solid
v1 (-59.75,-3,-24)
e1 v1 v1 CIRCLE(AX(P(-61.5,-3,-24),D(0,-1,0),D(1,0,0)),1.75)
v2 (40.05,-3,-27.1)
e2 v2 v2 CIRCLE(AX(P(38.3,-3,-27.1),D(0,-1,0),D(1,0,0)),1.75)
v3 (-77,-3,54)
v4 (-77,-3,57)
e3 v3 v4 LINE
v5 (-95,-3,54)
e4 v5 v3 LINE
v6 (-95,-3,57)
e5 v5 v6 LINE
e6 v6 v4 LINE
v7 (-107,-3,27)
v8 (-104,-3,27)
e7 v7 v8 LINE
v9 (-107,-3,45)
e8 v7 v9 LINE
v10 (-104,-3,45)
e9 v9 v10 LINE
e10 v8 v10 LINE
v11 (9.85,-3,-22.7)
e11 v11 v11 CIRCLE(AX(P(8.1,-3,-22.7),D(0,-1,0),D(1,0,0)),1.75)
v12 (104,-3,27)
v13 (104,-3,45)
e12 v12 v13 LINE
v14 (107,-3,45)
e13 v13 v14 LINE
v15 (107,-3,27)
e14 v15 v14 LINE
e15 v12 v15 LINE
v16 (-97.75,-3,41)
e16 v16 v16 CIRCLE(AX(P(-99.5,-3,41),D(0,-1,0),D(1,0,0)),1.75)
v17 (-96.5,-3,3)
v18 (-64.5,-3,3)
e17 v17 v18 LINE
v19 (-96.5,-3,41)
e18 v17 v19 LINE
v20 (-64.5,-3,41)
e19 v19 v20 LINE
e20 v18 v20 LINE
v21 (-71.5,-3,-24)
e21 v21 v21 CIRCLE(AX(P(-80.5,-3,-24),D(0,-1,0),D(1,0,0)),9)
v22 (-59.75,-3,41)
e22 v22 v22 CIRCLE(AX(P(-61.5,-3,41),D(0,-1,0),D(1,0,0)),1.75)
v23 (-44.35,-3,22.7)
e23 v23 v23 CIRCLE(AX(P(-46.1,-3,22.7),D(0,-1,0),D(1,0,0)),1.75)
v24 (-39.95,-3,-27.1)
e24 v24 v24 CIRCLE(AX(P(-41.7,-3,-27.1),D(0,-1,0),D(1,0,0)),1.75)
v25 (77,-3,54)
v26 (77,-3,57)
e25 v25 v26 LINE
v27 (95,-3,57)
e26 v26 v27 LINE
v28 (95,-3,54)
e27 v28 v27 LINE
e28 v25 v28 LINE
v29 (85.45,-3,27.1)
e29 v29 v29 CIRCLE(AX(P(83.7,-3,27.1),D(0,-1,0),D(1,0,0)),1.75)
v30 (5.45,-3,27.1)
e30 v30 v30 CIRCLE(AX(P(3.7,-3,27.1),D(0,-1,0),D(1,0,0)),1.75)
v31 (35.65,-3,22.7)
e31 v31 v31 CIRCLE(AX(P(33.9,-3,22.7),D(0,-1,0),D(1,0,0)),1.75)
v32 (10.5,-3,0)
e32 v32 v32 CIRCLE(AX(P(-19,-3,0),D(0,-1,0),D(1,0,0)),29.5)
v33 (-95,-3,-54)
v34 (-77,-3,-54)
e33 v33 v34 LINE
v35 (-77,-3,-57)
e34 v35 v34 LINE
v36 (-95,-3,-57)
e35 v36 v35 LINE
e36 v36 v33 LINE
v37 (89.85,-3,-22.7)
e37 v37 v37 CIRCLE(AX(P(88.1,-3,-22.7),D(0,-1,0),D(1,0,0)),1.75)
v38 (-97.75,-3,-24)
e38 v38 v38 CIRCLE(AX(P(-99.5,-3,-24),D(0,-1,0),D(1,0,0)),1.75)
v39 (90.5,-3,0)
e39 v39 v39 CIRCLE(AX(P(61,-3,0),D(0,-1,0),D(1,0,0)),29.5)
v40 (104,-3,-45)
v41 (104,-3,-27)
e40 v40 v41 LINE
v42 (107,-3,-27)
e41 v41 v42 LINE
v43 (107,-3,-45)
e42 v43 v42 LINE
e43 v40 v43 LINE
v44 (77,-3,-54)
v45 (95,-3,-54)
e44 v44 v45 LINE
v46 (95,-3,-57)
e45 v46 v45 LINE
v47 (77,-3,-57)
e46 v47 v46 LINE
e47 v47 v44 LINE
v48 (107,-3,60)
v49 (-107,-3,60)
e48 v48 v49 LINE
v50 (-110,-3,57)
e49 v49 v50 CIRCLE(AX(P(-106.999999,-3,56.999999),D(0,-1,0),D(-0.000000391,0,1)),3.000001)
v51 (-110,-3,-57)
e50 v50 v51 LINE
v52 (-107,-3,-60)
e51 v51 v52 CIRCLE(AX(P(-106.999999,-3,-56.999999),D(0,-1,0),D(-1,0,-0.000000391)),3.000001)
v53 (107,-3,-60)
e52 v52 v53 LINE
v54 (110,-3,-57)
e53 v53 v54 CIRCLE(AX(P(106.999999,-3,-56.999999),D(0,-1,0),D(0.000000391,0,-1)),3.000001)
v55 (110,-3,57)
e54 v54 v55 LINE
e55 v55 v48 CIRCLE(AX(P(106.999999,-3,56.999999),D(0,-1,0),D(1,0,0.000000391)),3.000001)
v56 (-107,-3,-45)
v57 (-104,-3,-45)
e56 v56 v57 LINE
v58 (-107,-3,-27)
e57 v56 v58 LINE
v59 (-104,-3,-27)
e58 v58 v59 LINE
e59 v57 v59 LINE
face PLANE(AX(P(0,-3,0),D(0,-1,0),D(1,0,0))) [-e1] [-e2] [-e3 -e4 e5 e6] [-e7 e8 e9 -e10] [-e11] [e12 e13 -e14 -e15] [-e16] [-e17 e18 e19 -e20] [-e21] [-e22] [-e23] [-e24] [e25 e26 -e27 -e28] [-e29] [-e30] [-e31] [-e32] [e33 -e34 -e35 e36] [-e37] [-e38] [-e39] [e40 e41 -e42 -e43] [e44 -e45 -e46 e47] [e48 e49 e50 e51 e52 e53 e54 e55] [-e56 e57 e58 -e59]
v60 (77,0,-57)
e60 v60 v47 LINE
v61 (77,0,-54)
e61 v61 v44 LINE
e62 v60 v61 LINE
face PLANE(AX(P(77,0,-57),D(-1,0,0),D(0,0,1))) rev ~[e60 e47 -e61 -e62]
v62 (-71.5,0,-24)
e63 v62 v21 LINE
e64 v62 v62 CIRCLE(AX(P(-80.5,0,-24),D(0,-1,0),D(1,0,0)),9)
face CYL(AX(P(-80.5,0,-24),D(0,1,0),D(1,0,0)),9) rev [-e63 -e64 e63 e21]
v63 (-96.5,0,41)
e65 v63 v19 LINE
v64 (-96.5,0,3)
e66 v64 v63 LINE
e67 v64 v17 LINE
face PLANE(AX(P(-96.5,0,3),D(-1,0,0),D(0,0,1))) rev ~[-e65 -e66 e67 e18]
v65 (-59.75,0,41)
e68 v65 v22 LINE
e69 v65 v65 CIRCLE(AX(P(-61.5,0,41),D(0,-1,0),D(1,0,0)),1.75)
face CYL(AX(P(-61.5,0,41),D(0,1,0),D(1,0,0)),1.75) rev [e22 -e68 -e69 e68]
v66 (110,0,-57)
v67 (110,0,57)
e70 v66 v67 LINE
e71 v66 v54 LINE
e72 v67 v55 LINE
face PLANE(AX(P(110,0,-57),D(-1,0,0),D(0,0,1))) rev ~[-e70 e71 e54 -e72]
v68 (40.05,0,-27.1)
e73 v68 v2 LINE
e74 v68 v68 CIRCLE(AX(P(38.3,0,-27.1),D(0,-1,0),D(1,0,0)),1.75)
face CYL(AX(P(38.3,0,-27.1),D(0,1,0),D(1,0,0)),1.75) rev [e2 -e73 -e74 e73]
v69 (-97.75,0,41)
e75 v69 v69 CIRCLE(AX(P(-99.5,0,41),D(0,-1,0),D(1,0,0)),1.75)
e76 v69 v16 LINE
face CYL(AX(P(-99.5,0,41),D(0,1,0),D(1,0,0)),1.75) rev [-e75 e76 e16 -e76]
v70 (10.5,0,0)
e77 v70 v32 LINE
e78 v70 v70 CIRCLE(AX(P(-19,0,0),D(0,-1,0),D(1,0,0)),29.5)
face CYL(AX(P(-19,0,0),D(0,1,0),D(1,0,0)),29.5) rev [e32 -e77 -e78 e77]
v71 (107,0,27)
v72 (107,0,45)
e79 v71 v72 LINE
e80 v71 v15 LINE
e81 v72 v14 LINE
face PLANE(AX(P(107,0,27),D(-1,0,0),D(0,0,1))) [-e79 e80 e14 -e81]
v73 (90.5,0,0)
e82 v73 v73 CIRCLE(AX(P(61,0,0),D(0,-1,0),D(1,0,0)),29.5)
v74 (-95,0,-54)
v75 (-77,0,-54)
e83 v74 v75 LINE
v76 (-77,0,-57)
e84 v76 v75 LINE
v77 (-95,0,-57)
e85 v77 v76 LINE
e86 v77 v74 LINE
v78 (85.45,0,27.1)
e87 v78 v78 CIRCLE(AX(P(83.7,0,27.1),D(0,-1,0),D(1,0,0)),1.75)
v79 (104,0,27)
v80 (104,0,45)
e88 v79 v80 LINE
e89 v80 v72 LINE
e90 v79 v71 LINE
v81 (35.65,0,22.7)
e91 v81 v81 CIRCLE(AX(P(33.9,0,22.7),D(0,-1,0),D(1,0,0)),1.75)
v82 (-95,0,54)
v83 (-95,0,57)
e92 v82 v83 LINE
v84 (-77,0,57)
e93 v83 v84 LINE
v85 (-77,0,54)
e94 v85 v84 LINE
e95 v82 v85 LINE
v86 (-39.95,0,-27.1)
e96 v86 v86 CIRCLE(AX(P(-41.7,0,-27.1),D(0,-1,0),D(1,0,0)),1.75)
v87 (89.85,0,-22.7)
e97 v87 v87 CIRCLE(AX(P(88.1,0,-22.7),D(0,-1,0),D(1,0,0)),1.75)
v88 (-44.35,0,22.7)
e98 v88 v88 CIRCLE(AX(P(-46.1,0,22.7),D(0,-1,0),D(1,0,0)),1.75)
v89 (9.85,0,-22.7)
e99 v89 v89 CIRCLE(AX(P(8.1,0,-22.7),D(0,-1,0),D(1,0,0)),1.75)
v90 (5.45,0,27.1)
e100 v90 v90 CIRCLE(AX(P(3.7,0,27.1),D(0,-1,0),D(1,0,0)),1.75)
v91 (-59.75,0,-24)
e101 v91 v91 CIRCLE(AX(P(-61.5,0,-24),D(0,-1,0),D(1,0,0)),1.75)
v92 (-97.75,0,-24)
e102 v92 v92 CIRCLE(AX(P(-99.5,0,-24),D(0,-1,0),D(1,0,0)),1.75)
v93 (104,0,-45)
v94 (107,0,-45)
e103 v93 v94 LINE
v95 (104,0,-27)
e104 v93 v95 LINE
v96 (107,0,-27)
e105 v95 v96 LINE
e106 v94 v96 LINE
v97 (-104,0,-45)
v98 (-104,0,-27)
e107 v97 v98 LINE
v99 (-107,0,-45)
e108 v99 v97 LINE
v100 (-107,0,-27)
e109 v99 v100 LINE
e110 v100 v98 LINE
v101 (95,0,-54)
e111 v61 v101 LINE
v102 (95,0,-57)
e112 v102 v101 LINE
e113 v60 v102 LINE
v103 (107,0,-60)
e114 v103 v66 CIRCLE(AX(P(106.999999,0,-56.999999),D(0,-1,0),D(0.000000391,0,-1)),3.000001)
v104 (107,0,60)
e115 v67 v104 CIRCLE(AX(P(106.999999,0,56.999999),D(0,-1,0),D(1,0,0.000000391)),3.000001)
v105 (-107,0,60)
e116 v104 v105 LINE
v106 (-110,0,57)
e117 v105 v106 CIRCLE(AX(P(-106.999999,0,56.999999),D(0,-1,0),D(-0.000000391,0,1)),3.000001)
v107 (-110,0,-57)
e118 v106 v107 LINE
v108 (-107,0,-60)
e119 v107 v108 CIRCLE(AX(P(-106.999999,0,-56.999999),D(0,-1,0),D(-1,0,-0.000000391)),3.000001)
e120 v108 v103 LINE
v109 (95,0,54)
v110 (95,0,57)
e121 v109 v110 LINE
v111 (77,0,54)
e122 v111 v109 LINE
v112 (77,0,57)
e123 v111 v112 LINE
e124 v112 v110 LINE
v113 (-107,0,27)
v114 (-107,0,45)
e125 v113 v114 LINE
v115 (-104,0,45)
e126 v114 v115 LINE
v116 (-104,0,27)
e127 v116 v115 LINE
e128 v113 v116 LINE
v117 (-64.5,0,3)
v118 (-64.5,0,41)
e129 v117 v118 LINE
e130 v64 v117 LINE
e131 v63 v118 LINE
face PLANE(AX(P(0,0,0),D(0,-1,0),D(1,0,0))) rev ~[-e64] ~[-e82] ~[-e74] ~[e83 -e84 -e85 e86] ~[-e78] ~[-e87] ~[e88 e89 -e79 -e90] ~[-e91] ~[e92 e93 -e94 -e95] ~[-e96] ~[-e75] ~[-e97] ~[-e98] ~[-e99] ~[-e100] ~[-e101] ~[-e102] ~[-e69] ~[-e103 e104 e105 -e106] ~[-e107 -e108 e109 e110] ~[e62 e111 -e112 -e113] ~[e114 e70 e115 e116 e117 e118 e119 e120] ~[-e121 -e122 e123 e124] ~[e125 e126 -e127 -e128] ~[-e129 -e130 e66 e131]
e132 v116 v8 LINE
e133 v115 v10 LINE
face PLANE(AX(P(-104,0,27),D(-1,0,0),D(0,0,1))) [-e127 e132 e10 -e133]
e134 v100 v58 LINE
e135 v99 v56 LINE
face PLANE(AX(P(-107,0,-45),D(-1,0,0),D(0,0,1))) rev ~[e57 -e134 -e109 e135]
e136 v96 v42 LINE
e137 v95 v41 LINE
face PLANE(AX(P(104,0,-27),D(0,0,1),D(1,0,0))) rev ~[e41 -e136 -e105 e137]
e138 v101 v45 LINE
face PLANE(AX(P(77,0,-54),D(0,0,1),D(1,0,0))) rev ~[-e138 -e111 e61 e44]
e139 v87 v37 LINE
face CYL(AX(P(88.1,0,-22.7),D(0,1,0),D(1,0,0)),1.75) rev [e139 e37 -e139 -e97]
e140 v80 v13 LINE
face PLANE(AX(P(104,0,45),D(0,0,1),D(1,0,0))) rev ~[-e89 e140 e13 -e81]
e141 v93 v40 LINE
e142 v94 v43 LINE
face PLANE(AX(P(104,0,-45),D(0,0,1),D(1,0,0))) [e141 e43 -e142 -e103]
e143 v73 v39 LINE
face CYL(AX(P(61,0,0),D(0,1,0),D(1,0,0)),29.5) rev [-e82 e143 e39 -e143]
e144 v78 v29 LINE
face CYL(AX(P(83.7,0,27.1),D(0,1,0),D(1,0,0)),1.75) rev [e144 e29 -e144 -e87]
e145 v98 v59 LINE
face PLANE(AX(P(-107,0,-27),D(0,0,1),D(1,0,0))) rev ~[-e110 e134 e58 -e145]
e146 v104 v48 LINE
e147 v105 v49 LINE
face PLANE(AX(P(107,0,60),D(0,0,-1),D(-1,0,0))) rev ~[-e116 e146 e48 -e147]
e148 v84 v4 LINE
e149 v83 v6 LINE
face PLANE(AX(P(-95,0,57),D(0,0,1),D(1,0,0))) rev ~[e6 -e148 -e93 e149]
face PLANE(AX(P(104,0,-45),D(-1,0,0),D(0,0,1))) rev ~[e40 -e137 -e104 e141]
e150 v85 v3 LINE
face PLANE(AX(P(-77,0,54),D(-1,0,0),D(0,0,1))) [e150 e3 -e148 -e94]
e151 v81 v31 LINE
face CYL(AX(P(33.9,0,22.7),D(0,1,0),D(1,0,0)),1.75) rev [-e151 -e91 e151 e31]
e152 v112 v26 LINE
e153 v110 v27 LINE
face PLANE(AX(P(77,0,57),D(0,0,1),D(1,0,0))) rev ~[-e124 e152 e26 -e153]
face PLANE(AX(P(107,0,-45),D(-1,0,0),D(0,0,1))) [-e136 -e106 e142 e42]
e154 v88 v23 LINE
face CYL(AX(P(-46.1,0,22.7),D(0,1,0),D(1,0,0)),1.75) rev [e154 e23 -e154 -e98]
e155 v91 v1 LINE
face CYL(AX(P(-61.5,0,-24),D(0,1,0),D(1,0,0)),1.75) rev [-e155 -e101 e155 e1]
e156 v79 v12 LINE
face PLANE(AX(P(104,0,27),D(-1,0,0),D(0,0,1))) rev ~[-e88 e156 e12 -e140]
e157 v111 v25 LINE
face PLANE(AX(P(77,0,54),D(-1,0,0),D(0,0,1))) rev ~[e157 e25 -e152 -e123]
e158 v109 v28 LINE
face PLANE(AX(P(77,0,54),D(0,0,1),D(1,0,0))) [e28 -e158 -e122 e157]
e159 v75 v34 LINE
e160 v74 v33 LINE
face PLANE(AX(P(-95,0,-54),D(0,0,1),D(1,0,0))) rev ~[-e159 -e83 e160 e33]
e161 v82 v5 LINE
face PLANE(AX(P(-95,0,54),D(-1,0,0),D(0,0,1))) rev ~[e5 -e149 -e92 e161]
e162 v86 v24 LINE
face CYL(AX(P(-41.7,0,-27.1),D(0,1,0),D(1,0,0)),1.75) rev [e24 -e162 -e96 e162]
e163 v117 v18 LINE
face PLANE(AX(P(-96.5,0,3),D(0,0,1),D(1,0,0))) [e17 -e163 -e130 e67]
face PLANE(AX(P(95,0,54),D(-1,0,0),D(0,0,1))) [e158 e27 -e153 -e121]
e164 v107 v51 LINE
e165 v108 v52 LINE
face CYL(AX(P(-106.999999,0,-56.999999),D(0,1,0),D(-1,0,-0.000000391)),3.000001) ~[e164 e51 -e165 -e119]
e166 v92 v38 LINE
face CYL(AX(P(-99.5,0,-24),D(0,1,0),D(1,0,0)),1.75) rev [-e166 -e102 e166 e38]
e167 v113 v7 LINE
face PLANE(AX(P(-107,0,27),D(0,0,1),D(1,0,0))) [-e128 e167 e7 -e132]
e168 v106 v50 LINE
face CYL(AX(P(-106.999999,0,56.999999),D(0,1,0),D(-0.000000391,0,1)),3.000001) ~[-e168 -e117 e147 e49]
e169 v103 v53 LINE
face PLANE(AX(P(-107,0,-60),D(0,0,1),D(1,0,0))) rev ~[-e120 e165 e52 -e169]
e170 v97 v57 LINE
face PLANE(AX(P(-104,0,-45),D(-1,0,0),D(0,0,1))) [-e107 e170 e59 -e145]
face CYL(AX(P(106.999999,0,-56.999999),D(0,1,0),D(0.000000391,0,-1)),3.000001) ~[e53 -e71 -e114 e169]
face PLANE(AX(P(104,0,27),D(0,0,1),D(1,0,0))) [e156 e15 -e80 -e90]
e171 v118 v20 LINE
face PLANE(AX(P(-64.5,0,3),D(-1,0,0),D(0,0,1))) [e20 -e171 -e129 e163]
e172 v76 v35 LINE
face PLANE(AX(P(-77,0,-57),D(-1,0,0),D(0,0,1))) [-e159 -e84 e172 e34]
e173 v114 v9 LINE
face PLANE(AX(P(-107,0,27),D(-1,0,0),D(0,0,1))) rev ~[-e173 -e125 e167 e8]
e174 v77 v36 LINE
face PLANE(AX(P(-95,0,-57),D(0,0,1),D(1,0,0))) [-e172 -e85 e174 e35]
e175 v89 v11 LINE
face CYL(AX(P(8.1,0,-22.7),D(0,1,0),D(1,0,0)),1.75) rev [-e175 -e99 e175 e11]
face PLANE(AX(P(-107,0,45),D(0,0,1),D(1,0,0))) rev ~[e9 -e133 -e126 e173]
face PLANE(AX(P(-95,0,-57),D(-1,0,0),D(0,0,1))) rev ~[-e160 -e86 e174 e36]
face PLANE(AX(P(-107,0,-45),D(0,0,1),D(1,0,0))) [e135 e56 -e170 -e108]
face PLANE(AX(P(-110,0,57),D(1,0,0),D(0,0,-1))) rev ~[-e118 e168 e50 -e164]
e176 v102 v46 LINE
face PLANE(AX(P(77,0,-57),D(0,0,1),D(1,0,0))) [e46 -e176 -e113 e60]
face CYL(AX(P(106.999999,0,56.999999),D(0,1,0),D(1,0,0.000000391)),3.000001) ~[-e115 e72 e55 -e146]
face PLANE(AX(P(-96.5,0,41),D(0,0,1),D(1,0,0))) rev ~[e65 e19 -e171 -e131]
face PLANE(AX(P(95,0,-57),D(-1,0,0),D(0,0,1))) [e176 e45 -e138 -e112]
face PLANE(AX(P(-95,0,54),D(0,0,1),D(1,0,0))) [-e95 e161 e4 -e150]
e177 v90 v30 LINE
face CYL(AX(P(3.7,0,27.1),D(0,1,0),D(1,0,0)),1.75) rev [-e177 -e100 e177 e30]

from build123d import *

# Parameters (mm, degrees)
F0_W     = 18
F0_H     = 3
F0_W_2   = 3
F0_H_2   = 18
F0_R     = 1.75
F0_R_2   = 9
F0_W_3   = 32
F0_H_3   = 38
F0_R_3   = 29.5
F1_DEPTH = 3


with BuildPart() as f1:
    # F0 (on Front) → F1 (new body)
    with BuildSketch(Plane.XZ):
        with BuildLine():
            Line((107, 60), (-107, 60))
            ThreePointArc((-107, 60), (-109.12132, 59.12132), (-110, 57))
            Line((-110, 57), (-110, -57))
            ThreePointArc((-110, -57), (-109.12132, -59.12132), (-107, -60))
            Line((-107, -60), (107, -60))
            ThreePointArc((107, -60), (109.12132, -59.12132), (110, -57))
            Line((110, -57), (110, 57))
            ThreePointArc((110, 57), (109.12132, 59.12132), (107, 60))
        make_face()
        with Locations((-86, -55.5)):
            Rectangle(F0_W, F0_H, mode=Mode.SUBTRACT)
        with Locations((-105.5, -36)):
            Rectangle(F0_W_2, F0_H_2, mode=Mode.SUBTRACT)
        with Locations((-99.5, -24)):
            Circle(F0_R, mode=Mode.SUBTRACT)
        with Locations((-80.5, -24)):
            Circle(F0_R_2, mode=Mode.SUBTRACT)
        with Locations((-61.5, -24)):
            Circle(F0_R, mode=Mode.SUBTRACT)
        with Locations((-41.7, -27.1)):
            Circle(F0_R, mode=Mode.SUBTRACT)
        with Locations((86, -55.5)):
            Rectangle(F0_W, F0_H, mode=Mode.SUBTRACT)
        with Locations((105.5, -36)):
            Rectangle(F0_W_2, F0_H_2, mode=Mode.SUBTRACT)
        with Locations((8.1, -22.7)):
            Circle(F0_R, mode=Mode.SUBTRACT)
        with Locations((38.3, -27.1)):
            Circle(F0_R, mode=Mode.SUBTRACT)
        with Locations((88.1, -22.7)):
            Circle(F0_R, mode=Mode.SUBTRACT)
        with Locations((-80.5, 22)):
            Rectangle(F0_W_3, F0_H_3, mode=Mode.SUBTRACT)
        with Locations((-19, 0)):
            Circle(F0_R_3, mode=Mode.SUBTRACT)
        with Locations((-46.1, 22.7)):
            Circle(F0_R, mode=Mode.SUBTRACT)
        with Locations((-105.5, 36)):
            Rectangle(F0_W_2, F0_H_2, mode=Mode.SUBTRACT)
        with Locations((-99.5, 41)):
            Circle(F0_R, mode=Mode.SUBTRACT)
        with Locations((-61.5, 41)):
            Circle(F0_R, mode=Mode.SUBTRACT)
        with Locations((-86, 55.5)):
            Rectangle(F0_W, F0_H, mode=Mode.SUBTRACT)
        with Locations((3.7, 27.1)):
            Circle(F0_R, mode=Mode.SUBTRACT)
        with Locations((33.9, 22.7)):
            Circle(F0_R, mode=Mode.SUBTRACT)
        with Locations((61, 0)):
            Circle(F0_R_3, mode=Mode.SUBTRACT)
        with Locations((83.7, 27.1)):
            Circle(F0_R, mode=Mode.SUBTRACT)
        with Locations((105.5, 36)):
            Rectangle(F0_W_2, F0_H_2, mode=Mode.SUBTRACT)
        with Locations((86, 55.5)):
            Rectangle(F0_W, F0_H, mode=Mode.SUBTRACT)
    extrude(amount=F1_DEPTH)


solid = f1.part
